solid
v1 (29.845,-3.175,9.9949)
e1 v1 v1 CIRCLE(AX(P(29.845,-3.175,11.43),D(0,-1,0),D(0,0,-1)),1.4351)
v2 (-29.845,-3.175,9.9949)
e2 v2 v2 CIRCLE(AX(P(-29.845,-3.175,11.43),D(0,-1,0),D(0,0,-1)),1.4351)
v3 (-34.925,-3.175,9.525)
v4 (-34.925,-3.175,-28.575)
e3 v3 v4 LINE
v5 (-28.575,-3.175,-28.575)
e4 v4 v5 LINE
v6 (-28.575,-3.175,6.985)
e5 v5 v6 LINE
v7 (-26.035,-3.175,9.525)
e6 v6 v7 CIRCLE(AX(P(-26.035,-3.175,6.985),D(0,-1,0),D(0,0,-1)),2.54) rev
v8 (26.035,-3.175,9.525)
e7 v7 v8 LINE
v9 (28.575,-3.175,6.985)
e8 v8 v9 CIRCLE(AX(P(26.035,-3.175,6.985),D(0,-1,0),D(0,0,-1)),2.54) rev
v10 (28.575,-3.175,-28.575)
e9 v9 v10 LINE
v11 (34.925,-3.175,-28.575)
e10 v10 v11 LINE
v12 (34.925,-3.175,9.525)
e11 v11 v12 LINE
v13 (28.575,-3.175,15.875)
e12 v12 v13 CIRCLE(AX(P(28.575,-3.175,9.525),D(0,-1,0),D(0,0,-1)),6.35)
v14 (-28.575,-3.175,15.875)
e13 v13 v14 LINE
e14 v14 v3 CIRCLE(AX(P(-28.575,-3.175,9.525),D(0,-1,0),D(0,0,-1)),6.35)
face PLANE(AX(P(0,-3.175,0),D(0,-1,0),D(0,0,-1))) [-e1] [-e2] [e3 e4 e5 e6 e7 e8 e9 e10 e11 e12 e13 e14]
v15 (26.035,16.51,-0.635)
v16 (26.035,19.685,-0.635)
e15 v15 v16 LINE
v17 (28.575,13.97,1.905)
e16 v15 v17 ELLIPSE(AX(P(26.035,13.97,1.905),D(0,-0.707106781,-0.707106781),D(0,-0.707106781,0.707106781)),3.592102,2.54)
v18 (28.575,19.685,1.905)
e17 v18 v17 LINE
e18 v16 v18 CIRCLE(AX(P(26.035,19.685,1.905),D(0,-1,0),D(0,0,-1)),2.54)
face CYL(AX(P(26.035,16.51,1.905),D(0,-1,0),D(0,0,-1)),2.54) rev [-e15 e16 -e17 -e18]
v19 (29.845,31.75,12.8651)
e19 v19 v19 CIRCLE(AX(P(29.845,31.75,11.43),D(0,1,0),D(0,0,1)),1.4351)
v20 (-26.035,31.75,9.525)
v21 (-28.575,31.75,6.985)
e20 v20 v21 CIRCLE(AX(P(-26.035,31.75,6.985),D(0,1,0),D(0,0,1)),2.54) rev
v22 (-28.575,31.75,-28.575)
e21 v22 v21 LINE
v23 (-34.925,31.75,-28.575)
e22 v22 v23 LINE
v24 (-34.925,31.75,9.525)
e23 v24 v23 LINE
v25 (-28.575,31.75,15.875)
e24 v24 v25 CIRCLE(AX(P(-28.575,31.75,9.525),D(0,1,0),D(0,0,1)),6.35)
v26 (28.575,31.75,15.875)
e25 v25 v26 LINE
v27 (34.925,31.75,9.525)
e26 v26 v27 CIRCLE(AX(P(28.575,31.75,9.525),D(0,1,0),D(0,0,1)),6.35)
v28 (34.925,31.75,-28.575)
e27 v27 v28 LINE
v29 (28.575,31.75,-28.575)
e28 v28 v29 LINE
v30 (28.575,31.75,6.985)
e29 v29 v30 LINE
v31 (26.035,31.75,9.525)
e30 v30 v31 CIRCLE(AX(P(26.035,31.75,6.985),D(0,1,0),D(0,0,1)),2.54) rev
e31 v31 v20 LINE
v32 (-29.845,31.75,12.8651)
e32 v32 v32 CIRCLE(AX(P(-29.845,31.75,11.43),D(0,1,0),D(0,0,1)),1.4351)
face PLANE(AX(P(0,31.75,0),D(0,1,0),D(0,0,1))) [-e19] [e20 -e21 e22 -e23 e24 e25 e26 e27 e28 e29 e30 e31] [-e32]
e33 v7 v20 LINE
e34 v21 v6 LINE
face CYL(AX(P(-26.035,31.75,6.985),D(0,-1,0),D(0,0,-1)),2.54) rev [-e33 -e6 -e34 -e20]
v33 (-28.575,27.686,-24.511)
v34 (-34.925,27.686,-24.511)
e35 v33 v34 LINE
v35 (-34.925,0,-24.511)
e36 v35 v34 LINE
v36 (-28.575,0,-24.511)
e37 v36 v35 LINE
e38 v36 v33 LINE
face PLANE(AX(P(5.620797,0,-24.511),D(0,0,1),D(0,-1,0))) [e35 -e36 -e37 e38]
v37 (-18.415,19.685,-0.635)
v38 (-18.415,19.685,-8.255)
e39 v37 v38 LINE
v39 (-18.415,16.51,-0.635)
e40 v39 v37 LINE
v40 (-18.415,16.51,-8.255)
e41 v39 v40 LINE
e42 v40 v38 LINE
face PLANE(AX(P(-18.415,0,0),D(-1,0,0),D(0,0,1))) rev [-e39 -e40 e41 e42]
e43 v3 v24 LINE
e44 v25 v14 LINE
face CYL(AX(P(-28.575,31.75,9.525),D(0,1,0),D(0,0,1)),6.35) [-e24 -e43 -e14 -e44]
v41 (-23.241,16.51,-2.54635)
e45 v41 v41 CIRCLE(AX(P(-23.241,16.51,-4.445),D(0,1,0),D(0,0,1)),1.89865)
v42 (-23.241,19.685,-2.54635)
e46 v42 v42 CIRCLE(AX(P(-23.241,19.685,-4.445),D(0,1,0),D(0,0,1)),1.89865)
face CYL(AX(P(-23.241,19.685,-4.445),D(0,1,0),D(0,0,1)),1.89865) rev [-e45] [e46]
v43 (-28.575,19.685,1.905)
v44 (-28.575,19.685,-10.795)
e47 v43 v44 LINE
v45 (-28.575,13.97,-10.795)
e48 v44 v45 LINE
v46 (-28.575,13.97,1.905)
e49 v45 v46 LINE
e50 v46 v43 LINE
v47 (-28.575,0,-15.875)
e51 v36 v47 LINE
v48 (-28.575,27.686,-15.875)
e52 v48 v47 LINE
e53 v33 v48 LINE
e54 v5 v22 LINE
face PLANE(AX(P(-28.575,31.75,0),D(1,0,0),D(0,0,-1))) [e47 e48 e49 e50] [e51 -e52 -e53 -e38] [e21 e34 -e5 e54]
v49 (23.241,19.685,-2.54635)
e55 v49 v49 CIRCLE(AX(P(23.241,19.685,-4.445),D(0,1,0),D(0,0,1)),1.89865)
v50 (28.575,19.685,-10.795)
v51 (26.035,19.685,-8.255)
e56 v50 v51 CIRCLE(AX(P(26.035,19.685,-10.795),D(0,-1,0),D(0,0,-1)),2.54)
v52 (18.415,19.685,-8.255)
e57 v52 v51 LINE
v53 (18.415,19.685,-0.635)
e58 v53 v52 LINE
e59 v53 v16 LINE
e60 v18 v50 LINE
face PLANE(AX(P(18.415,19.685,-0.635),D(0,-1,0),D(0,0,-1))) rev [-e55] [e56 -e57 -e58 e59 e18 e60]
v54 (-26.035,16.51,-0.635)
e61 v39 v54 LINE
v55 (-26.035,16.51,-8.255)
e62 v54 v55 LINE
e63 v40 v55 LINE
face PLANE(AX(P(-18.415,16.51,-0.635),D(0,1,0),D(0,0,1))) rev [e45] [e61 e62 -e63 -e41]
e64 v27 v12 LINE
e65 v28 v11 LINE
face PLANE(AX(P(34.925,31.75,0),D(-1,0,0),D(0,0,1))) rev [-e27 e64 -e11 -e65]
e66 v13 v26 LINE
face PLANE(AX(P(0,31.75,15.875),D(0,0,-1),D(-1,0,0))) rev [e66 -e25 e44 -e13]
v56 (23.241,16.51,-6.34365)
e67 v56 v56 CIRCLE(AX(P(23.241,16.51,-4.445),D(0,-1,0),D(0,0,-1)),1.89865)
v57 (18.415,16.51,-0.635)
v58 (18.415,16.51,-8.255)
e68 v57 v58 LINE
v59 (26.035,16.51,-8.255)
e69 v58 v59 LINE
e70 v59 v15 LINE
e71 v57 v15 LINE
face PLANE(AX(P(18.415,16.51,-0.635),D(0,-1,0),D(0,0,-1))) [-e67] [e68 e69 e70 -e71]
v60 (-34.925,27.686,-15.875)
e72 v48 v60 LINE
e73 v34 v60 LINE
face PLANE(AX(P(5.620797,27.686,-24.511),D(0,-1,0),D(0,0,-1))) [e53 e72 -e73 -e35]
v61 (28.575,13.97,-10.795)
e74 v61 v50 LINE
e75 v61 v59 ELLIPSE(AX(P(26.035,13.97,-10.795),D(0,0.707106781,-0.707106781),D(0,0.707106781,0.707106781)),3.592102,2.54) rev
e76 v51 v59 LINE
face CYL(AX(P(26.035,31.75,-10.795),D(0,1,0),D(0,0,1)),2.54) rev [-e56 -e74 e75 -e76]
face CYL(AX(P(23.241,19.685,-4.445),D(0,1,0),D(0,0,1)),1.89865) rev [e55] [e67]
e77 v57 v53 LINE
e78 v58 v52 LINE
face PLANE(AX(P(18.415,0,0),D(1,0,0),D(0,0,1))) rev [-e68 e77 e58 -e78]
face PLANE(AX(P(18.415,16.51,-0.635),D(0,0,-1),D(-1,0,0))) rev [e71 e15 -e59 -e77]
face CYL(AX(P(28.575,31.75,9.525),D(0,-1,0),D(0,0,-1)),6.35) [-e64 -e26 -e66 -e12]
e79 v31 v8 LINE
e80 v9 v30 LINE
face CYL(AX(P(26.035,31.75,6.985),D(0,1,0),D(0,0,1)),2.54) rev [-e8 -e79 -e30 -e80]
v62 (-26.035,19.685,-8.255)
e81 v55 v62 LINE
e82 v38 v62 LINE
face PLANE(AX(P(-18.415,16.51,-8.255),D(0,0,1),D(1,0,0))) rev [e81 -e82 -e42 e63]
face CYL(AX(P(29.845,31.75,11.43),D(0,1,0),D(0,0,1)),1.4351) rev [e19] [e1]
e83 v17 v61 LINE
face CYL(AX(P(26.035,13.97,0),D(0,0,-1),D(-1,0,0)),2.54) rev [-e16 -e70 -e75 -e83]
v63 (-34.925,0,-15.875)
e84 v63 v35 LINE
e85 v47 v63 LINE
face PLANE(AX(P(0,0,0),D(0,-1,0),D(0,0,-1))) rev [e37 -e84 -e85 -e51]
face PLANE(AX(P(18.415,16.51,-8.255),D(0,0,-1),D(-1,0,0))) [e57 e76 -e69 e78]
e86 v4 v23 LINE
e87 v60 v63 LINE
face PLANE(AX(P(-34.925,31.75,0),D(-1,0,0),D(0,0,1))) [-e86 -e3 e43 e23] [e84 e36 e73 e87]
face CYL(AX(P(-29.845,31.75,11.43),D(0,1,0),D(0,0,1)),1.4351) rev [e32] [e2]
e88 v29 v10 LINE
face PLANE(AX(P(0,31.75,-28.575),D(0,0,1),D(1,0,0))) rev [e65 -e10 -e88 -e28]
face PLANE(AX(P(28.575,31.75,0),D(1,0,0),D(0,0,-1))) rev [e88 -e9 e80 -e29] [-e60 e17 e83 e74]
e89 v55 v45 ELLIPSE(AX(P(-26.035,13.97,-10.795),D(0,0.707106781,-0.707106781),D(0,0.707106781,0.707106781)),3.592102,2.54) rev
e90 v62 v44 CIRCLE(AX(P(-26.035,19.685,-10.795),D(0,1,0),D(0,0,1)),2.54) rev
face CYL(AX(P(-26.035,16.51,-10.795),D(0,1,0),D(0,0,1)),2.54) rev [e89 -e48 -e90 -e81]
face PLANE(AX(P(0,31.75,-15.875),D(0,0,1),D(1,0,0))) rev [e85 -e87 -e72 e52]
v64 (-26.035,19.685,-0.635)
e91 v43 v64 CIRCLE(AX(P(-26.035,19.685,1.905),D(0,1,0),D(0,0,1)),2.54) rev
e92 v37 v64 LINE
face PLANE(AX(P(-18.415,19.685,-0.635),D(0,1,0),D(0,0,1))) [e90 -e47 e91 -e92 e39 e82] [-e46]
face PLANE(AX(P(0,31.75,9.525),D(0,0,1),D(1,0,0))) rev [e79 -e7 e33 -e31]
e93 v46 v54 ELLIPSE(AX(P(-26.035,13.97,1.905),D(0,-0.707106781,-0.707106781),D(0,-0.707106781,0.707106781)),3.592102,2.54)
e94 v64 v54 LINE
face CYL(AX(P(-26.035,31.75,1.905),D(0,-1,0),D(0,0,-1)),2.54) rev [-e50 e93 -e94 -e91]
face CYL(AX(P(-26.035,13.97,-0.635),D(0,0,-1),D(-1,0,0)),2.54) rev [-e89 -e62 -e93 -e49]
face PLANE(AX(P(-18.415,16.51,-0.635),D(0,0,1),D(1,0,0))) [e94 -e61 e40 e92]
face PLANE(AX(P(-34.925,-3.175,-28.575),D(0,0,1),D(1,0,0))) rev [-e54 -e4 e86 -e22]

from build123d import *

# Parameters (mm, degrees)
BOSS_EXTRUDE1_DEPTH       = 31.75
SKETCH5_W                 = 7.62
SKETCH5_H                 = 3.175
BOSS_EXTRUDE2_DEPTH       = 10.16
F_6_CLEARANCE_HOLE1_D     = 3.7973
BOSS_EXTRUDE3_DEPTH       = 3.175
FILLET1_R                 = 6.35
FILLET2_R                 = 2.54
FILLET3_R                 = 2.54
FILLET4_R                 = 2.54
F_6_40_TAPPED_HOLE1_D     = 2.8702
F_6_40_TAPPED_HOLE1_DEPTH = 38.1
F_6_40_TAPPED_HOLE1_TIP   = 0.862295074
BOSS_EXTRUDE5_DEPTH       = 6.35


with BuildPart() as part:
    # Sketch1 → Boss-Extrude1 (new body)
    with BuildSketch(Plane(origin=(0, 0, 0), x_dir=(1, 0, 0), z_dir=(0, 1, 0))):
        Polygon((-34.925, -15.875), (34.925, -15.875), (34.925, 15.875), (34.925, 28.575), (28.575, 28.575), (28.575, 15.875), (28.575, -9.525), (-28.575, -9.525), (-28.575, 15.875), (-34.925, 15.875), align=None)
    extrude(amount=BOSS_EXTRUDE1_DEPTH)

    # Sketch5 → Boss-Extrude2 (add)
    with BuildSketch(Plane(origin=(-28.575, 0, 0), x_dir=(0, 0, -1), z_dir=(1, 0, 0))):
        with Locations((4.445, 18.0975)):
            Rectangle(SKETCH5_W, SKETCH5_H)
    boss_extrude2 = extrude(amount=BOSS_EXTRUDE2_DEPTH)

    # #6 Clearance Hole1 (through all)
    with Locations(Plane(origin=(0, 19.685, 0), x_dir=(1, 0, 0), z_dir=(0, 1, 0))):
        with Locations((-23.241, 4.445)):
            f_6_clearance_hole1 = Hole(F_6_CLEARANCE_HOLE1_D / 2)

    # Mirror4: Boss-Extrude2, #6 Clearance Hole1 across plane
    add(boss_extrude2.mirror(Plane(origin=(0, 0, 0), x_dir=(0, 0, 1), z_dir=(1, 0, 0))))
    add(f_6_clearance_hole1.mirror(Plane(origin=(0, 0, 0), x_dir=(0, 0, 1), z_dir=(1, 0, 0))), mode=Mode.SUBTRACT)

    # Sketch11 → Boss-Extrude3 (add)
    with BuildSketch(Plane.XZ):
        Polygon((-28.575, -28.575), (-28.575, 9.525), (28.575, 9.525), (28.575, -28.575), (34.925, -28.575), (34.925, 15.875), (-34.925, 15.875), (-34.925, -28.575), align=None)
    extrude(amount=BOSS_EXTRUDE3_DEPTH)

    # Fillet1
    fillet1_edges = [part.edges().sort_by_distance(p)[0] for p in [
        (34.925, 14.2875, 15.875),
        (-34.925, 14.2875, 15.875),
    ]]
    fillet(fillet1_edges, radius=FILLET1_R)

    # Fillet2
    fillet2_edges = [part.edges().sort_by_distance(p)[0] for p in [
        (-28.575, 18.0975, -8.255),
        (-28.575, 18.0975, -0.635),
        (28.575, 18.0975, -0.635),
        (28.575, 18.0975, -8.255),
    ]]
    fillet(fillet2_edges, radius=FILLET2_R)

    # Fillet3
    fillet3_edges = [part.edges().sort_by_distance(p)[0] for p in [
        (-28.575, 16.51, -4.445),
        (28.575, 16.51, -4.445),
    ]]
    fillet(fillet3_edges, radius=FILLET3_R)

    # Fillet4
    fillet4_edges = [part.edges().sort_by_distance(p)[0] for p in [
        (-28.575, 14.2875, 9.525),
        (28.575, 14.2875, 9.525),
    ]]
    fillet(fillet4_edges, radius=FILLET4_R)

    # #6-40 Tapped Hole1
    with Locations(Plane(origin=(0, 31.75, 0), x_dir=(1, 0, 0), z_dir=(0, 1, 0))):
        with Locations((29.845, -11.43), (-29.845, -11.43)):
            Hole(F_6_40_TAPPED_HOLE1_D / 2, depth=F_6_40_TAPPED_HOLE1_DEPTH)
            with Locations((0, 0, -(F_6_40_TAPPED_HOLE1_DEPTH + F_6_40_TAPPED_HOLE1_TIP / 2))):  # 118° drill point
                Cone(0, F_6_40_TAPPED_HOLE1_D / 2, F_6_40_TAPPED_HOLE1_TIP, mode=Mode.SUBTRACT)

    # Sketch17 → Boss-Extrude5 (add)
    with BuildSketch(Plane.ZY.offset(34.925)):
        Polygon((-28.575, 0), (-28.575, 31.75), (-15.875, 31.75), (-15.875, 27.686), (-24.511, 27.686), (-24.511, 0), align=None)
    extrude(amount=-BOSS_EXTRUDE5_DEPTH)


solid = part.part
